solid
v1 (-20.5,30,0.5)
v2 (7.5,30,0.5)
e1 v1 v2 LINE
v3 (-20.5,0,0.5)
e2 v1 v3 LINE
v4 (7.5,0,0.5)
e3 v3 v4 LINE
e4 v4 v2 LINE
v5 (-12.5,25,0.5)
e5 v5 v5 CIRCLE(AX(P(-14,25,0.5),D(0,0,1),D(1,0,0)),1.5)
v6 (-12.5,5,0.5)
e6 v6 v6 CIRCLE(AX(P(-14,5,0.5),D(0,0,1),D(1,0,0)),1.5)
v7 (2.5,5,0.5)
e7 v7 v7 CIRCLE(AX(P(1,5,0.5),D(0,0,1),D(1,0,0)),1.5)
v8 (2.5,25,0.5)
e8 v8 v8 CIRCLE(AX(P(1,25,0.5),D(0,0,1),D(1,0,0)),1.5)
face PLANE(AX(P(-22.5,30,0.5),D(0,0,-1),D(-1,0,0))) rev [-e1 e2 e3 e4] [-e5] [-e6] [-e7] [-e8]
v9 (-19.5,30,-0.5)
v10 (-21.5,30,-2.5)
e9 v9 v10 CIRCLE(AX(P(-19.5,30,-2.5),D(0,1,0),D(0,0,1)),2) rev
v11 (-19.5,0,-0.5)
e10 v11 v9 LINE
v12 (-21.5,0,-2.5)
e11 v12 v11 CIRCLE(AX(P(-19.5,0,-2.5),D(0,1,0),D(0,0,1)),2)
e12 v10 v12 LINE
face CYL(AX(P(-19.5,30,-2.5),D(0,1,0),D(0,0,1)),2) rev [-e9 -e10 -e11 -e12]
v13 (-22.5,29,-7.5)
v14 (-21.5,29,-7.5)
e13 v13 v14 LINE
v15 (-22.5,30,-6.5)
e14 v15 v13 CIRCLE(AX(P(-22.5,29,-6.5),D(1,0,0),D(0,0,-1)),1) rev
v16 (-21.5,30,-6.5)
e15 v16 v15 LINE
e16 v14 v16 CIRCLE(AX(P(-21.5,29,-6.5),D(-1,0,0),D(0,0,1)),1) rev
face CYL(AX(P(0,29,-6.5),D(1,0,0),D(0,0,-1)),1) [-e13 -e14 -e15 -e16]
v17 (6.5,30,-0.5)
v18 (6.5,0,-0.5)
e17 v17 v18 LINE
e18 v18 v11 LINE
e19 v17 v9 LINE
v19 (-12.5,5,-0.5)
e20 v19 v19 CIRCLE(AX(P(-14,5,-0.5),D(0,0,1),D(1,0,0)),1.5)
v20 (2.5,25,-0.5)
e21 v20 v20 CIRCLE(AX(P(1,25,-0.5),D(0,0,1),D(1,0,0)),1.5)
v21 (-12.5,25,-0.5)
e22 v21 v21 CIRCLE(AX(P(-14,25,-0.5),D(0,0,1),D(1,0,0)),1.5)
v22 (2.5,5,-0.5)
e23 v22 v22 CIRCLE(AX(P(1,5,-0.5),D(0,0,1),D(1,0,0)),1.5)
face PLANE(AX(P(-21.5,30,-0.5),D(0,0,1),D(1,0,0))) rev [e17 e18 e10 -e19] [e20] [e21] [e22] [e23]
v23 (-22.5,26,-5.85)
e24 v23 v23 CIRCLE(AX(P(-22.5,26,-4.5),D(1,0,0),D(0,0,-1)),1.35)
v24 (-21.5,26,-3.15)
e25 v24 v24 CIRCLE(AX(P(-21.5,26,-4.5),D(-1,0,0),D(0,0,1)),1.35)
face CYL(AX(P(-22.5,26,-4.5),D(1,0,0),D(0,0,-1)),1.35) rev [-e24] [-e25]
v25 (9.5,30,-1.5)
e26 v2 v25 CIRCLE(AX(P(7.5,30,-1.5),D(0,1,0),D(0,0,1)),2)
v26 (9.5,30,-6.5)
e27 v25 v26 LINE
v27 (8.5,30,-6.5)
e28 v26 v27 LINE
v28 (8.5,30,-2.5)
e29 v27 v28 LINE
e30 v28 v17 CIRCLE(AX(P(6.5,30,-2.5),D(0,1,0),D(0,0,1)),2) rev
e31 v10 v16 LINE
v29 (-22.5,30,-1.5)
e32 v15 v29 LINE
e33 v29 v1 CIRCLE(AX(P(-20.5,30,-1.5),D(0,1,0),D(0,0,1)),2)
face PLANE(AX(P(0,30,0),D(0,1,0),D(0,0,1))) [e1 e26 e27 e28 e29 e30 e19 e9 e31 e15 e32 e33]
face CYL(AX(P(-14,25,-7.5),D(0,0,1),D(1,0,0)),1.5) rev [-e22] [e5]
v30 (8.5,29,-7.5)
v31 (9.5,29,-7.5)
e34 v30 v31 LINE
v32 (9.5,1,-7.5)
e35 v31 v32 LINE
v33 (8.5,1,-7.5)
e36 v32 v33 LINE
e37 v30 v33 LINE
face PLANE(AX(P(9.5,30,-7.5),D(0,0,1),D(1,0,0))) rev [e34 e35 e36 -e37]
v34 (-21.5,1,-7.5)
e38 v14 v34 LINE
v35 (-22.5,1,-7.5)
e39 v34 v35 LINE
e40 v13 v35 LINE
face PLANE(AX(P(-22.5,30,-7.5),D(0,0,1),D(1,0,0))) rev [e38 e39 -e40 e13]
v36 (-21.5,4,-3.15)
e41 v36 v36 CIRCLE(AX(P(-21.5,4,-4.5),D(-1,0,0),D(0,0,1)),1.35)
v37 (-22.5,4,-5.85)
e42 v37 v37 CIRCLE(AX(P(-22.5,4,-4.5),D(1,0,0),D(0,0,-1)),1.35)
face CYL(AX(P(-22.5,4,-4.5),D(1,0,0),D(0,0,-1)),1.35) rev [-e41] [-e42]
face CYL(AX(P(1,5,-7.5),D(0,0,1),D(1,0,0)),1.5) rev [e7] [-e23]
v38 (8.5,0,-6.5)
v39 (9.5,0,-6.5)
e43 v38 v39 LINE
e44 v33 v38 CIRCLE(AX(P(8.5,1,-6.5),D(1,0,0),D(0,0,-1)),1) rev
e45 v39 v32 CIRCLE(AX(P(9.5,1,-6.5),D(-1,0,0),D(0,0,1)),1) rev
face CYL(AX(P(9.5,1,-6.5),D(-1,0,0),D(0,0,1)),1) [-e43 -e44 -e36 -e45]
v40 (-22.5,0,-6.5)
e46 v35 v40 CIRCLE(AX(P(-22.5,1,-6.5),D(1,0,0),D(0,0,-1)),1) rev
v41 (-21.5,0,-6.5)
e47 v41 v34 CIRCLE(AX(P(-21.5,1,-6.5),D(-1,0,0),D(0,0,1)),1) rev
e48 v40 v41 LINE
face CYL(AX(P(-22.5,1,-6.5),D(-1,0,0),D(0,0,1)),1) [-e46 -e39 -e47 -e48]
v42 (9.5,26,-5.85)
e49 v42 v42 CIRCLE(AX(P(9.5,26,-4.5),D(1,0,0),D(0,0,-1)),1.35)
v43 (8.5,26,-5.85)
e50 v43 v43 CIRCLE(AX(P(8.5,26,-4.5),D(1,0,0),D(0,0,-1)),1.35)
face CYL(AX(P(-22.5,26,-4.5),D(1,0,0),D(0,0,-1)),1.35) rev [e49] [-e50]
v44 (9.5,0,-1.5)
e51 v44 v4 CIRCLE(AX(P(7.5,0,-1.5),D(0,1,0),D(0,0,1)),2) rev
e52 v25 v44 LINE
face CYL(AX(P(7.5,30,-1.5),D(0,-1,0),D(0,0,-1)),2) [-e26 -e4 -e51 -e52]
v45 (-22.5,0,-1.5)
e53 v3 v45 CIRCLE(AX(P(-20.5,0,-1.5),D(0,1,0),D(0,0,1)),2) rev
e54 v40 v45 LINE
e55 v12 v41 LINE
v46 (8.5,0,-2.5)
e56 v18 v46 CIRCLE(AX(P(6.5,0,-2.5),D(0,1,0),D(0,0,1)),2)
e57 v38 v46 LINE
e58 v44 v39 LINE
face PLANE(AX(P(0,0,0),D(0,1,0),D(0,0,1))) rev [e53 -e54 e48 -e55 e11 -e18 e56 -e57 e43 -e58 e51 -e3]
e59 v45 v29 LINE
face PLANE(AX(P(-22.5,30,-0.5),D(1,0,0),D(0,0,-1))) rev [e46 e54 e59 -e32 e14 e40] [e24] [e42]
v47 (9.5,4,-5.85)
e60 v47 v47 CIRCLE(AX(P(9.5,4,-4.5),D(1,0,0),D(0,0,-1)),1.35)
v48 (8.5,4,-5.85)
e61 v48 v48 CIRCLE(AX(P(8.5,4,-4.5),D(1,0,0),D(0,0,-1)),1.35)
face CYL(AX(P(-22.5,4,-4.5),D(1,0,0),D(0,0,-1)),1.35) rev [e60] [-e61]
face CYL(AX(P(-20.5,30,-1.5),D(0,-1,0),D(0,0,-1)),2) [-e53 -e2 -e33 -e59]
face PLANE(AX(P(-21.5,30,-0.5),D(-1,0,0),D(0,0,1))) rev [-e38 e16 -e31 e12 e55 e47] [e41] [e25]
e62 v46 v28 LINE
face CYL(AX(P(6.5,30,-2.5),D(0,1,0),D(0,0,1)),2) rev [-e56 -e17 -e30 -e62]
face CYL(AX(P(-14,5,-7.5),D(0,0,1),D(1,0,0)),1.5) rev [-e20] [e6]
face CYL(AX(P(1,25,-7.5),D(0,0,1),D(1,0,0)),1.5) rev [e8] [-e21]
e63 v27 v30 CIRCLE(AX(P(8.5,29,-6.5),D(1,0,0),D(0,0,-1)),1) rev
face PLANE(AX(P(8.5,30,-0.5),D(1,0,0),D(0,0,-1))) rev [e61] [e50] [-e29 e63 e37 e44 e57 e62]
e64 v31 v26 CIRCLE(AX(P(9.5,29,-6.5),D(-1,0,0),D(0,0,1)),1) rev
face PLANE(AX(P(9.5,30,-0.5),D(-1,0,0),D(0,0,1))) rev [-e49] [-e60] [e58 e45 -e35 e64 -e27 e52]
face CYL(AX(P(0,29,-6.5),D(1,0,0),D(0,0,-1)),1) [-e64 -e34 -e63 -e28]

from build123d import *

# Parameters (mm, degrees)
BOSS_EXTRUDE1_DEPTH = 30
FILLET2_R           = 2
SKETCH3_R           = 1.5
CUT_EXTRUDE4_DEPTH  = 9
SKETCH4_R           = 1.35
CUT_EXTRUDE3_DEPTH  = 33
FILLET3_R           = 1


with BuildPart() as part:
    # Sketch1 → Boss-Extrude1 (new body)
    with BuildSketch(Plane(origin=(0, 0, 0), x_dir=(1, 0, 0), z_dir=(0, 1, 0))):
        Polygon((-21.5, 0.5), (8.5, 0.5), (8.5, 7.5), (9.5, 7.5), (9.5, 0.5), (9.5, -0.5), (-22.5, -0.5), (-22.5, 0.5), (-22.5, 7.5), (-21.5, 7.5), align=None)
    extrude(amount=BOSS_EXTRUDE1_DEPTH)

    # Fillet2
    fillet2_edges = [part.edges().sort_by_distance(p)[0] for p in [
        (9.5, 15, 0.5),
        (-22.5, 15, 0.5),
        (-21.5, 15, -0.5),
        (8.5, 15, -0.5),
    ]]
    fillet(fillet2_edges, radius=FILLET2_R)

    # Sketch3 → Cut-Extrude4 (cut, through all)
    with BuildSketch(Plane.XY.offset(0.5)):
        with Locations((-14, 25)):
            Circle(SKETCH3_R)
        with Locations((1, 25)):
            Circle(SKETCH3_R)
        with Locations((-14, 5)):
            Circle(SKETCH3_R)
        with Locations((1, 5)):
            Circle(SKETCH3_R)
    extrude(amount=-CUT_EXTRUDE4_DEPTH, mode=Mode.SUBTRACT)

    # Sketch4 → Cut-Extrude3 (cut, through all)
    with BuildSketch(Plane(origin=(9.5, 0, 0), x_dir=(0, 0, -1), z_dir=(1, 0, 0))):
        with Locations((4.5, 26)):
            Circle(SKETCH4_R)
        with Locations((4.5, 4)):
            Circle(SKETCH4_R)
    extrude(amount=-CUT_EXTRUDE3_DEPTH, mode=Mode.SUBTRACT)

    # Fillet3
    fillet3_edges = [part.edges().sort_by_distance(p)[0] for p in [
        (9, 30, -7.5),
        (-22, 0, -7.5),
        (9, 0, -7.5),
        (-22, 30, -7.5),
    ]]
    fillet(fillet3_edges, radius=FILLET3_R)


solid = part.part
